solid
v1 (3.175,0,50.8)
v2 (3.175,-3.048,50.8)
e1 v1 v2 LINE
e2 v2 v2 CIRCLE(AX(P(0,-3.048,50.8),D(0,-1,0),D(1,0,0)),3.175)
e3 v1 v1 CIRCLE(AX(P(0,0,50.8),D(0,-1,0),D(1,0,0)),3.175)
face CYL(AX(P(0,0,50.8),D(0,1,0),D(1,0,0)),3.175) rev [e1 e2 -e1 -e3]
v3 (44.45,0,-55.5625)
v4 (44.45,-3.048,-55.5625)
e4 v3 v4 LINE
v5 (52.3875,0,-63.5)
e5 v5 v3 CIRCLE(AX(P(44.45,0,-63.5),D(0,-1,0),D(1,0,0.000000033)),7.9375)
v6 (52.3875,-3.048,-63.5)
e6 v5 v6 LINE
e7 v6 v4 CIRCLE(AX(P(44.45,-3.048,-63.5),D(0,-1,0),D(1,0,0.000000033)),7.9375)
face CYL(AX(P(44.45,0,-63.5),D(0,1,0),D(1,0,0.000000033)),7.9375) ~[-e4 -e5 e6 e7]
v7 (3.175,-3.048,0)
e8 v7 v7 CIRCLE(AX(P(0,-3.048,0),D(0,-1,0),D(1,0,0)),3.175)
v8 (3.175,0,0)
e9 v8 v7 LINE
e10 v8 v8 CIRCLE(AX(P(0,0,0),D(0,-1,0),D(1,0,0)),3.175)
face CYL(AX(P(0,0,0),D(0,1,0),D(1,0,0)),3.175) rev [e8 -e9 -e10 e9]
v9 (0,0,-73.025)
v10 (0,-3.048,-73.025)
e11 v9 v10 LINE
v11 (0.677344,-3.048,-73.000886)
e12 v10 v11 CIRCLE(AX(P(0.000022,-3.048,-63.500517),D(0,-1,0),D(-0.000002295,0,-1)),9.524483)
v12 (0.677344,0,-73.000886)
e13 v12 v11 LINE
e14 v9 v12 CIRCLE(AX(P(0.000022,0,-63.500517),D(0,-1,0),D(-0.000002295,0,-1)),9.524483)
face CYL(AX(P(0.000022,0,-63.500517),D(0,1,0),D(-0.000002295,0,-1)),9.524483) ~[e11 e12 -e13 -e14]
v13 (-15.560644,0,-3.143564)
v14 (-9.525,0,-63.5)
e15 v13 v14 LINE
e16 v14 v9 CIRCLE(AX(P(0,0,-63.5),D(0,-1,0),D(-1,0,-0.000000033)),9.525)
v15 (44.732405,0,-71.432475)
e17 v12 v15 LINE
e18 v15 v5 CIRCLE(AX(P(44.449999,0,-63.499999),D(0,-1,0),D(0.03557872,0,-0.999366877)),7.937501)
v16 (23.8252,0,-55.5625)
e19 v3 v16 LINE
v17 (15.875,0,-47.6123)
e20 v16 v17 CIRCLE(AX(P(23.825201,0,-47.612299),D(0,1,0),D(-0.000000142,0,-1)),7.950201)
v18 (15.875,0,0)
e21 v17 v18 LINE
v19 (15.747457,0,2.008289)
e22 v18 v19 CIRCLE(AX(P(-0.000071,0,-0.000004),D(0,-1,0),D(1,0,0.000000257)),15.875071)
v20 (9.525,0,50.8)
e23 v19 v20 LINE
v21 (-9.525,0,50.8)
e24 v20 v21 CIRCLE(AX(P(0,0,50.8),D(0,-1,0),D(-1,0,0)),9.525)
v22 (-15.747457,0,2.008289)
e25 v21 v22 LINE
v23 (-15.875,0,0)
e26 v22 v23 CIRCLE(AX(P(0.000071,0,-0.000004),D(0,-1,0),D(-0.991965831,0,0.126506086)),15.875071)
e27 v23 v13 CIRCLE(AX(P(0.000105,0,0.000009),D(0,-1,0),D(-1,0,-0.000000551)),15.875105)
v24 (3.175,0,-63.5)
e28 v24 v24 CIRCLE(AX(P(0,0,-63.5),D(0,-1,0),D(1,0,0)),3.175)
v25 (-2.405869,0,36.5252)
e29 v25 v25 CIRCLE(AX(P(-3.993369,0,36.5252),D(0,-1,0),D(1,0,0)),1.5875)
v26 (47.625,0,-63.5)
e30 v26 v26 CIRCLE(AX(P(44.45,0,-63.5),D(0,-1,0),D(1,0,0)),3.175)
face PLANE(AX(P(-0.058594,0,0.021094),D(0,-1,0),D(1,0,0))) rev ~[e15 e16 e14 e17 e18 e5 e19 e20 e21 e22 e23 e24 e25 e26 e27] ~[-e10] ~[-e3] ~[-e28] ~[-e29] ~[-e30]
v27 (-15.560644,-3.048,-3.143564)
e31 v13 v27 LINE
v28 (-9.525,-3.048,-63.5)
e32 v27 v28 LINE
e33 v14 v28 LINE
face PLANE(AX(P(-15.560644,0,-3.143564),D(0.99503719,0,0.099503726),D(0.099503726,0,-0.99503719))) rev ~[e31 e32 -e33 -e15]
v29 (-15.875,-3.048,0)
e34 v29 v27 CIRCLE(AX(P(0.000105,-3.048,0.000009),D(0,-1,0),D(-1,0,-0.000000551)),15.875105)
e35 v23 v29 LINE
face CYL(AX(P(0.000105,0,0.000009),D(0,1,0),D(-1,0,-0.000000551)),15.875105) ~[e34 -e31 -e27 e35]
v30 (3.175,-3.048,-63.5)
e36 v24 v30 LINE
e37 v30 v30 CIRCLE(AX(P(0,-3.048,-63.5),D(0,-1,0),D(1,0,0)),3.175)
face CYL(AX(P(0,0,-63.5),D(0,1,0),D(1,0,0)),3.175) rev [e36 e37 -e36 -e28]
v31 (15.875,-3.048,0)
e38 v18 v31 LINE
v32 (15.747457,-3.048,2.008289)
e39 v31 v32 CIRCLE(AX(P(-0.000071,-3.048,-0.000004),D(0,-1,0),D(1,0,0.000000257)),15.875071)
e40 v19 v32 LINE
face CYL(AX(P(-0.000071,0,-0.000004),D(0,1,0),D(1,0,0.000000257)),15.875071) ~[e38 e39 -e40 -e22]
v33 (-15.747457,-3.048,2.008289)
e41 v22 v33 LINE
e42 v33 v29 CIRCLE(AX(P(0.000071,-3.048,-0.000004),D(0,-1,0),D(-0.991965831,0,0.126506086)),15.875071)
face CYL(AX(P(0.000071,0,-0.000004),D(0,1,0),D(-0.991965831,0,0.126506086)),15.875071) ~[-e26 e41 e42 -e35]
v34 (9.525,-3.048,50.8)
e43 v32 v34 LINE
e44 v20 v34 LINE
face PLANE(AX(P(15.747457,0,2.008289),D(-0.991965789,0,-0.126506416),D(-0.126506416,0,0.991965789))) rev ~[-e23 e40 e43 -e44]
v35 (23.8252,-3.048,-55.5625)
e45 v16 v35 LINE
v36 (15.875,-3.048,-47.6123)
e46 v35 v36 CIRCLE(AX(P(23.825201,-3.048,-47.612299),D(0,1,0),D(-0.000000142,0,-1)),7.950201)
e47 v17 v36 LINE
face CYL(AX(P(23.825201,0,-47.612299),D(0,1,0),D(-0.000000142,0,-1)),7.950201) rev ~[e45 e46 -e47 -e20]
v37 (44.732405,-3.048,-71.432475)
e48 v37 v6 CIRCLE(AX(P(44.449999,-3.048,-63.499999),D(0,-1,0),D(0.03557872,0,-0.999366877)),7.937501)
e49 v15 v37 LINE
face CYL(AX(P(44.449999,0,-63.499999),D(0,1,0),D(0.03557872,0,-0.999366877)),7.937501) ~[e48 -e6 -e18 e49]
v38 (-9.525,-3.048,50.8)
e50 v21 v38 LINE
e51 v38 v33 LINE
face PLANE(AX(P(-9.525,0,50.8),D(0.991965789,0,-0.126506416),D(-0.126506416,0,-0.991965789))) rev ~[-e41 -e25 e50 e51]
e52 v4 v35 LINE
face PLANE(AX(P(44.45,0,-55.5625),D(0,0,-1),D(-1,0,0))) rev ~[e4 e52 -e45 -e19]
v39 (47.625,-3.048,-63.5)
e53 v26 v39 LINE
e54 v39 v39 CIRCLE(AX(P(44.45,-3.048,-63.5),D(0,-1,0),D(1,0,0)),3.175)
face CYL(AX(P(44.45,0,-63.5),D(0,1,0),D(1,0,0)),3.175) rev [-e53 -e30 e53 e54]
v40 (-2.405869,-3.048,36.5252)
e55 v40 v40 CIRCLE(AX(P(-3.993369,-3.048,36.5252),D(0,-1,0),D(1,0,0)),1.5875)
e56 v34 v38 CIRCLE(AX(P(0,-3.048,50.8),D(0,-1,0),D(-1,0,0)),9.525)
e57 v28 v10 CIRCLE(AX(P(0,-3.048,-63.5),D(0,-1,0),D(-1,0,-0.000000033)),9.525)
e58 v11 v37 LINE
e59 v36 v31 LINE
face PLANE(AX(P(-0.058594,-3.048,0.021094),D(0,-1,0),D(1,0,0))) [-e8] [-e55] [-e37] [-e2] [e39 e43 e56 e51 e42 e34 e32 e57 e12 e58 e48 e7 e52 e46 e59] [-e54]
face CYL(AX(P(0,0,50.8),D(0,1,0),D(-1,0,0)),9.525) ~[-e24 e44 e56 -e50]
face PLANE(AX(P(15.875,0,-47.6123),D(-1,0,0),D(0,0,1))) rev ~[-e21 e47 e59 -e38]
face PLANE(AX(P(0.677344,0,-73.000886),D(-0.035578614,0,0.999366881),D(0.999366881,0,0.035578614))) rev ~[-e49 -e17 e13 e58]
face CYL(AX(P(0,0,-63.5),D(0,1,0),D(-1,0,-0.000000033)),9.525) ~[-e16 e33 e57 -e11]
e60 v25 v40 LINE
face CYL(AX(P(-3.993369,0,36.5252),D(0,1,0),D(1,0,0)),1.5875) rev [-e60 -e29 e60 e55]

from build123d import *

# Parameters (mm, degrees)
F0_R     = 3.175
F0_R_2   = 1.5875
F1_DEPTH = 3.048


with BuildPart() as f1:
    # F0 (on Front) → F1 (new body)
    with BuildSketch(Plane.XZ):
        with BuildLine():
            ThreePointArc((15.747457, 2.008289), (0, 15.875), (-15.747457, 2.008289))
            ThreePointArc((-15.747457, 2.008289), (-15.843082, 1.006168), (-15.875, 0))
            Line((-15.875, 0), (-15.560644, -3.143564))
            ThreePointArc((-15.560644, -3.143564), (1.579622, -15.796215), (15.875, 0))
            ThreePointArc((15.875, 0), (15.843082, 1.006168), (15.747457, 2.008289))
        make_face()
        Circle(F0_R, mode=Mode.SUBTRACT)
        with BuildLine():
            Line((-9.525, 50.8), (-15.747457, 2.008289))
            ThreePointArc((-15.747457, 2.008289), (0, 15.875), (15.747457, 2.008289))
            Line((15.747457, 2.008289), (9.525, 50.8))
            ThreePointArc((9.525, 50.8), (0, 41.275), (-9.525, 50.8))
        make_face()
        with Locations((-3.993369, 36.5252)):
            Circle(F0_R_2, mode=Mode.SUBTRACT)
        with BuildLine():
            Line((-15.560644, -3.143564), (-15.875, 0))
            ThreePointArc((-15.875, 0), (-15.796215, -1.579622), (-15.560644, -3.143564))
        make_face()
        with BuildLine():
            ThreePointArc((9.525, 50.8), (0, 60.325), (-9.525, 50.8))
            ThreePointArc((-9.525, 50.8), (0, 41.275), (9.525, 50.8))
        make_face()
        with Locations((0, 50.8)):
            Circle(F0_R, mode=Mode.SUBTRACT)
        with BuildLine():
            ThreePointArc((15.875, 0), (1.579622, -15.796215), (-15.560644, -3.143564))
            Line((-15.560644, -3.143564), (-9.525, -63.5))
            ThreePointArc((-9.525, -63.5), (0, -53.975), (9.525, -63.5))
            ThreePointArc((9.525, -63.5), (6.970557, -69.991299), (0.677344, -73.000886))
            Line((0.677344, -73.000886), (44.732405, -71.432475))
            ThreePointArc((44.732405, -71.432475), (36.513756, -63.641225), (44.45, -55.5625))
            Line((44.45, -55.5625), (23.8252, -55.5625))
            ThreePointArc((23.8252, -55.5625), (18.20356, -53.23394), (15.875, -47.6123))
            Line((15.875, -47.6123), (15.875, 0))
        make_face()
        with BuildLine():
            ThreePointArc((9.525, -63.5), (0, -53.975), (-9.525, -63.5))
            ThreePointArc((-9.525, -63.5), (-6.735192, -70.235192), (0, -73.025))
            Line((0, -73.025), (0.677344, -73.000886))
            ThreePointArc((0.677344, -73.000886), (6.970557, -69.991299), (9.525, -63.5))
        make_face()
        with Locations((0, -63.5)):
            Circle(F0_R, mode=Mode.SUBTRACT)
        with BuildLine():
            Line((0.677344, -73.000886), (0, -73.025))
            ThreePointArc((0, -73.025), (0.338886, -73.01897), (0.677344, -73.000886))
        make_face()
        with BuildLine():
            ThreePointArc((52.3875, -63.5), (50.06266, -57.88734), (44.45, -55.5625))
            ThreePointArc((44.45, -55.5625), (36.513756, -63.641225), (44.732405, -71.432475))
            ThreePointArc((44.732405, -71.432475), (50.161633, -69.01191), (52.3875, -63.5))
        make_face()
        with Locations((44.45, -63.5)):
            Circle(F0_R, mode=Mode.SUBTRACT)
    extrude(amount=F1_DEPTH)


solid = f1.part
